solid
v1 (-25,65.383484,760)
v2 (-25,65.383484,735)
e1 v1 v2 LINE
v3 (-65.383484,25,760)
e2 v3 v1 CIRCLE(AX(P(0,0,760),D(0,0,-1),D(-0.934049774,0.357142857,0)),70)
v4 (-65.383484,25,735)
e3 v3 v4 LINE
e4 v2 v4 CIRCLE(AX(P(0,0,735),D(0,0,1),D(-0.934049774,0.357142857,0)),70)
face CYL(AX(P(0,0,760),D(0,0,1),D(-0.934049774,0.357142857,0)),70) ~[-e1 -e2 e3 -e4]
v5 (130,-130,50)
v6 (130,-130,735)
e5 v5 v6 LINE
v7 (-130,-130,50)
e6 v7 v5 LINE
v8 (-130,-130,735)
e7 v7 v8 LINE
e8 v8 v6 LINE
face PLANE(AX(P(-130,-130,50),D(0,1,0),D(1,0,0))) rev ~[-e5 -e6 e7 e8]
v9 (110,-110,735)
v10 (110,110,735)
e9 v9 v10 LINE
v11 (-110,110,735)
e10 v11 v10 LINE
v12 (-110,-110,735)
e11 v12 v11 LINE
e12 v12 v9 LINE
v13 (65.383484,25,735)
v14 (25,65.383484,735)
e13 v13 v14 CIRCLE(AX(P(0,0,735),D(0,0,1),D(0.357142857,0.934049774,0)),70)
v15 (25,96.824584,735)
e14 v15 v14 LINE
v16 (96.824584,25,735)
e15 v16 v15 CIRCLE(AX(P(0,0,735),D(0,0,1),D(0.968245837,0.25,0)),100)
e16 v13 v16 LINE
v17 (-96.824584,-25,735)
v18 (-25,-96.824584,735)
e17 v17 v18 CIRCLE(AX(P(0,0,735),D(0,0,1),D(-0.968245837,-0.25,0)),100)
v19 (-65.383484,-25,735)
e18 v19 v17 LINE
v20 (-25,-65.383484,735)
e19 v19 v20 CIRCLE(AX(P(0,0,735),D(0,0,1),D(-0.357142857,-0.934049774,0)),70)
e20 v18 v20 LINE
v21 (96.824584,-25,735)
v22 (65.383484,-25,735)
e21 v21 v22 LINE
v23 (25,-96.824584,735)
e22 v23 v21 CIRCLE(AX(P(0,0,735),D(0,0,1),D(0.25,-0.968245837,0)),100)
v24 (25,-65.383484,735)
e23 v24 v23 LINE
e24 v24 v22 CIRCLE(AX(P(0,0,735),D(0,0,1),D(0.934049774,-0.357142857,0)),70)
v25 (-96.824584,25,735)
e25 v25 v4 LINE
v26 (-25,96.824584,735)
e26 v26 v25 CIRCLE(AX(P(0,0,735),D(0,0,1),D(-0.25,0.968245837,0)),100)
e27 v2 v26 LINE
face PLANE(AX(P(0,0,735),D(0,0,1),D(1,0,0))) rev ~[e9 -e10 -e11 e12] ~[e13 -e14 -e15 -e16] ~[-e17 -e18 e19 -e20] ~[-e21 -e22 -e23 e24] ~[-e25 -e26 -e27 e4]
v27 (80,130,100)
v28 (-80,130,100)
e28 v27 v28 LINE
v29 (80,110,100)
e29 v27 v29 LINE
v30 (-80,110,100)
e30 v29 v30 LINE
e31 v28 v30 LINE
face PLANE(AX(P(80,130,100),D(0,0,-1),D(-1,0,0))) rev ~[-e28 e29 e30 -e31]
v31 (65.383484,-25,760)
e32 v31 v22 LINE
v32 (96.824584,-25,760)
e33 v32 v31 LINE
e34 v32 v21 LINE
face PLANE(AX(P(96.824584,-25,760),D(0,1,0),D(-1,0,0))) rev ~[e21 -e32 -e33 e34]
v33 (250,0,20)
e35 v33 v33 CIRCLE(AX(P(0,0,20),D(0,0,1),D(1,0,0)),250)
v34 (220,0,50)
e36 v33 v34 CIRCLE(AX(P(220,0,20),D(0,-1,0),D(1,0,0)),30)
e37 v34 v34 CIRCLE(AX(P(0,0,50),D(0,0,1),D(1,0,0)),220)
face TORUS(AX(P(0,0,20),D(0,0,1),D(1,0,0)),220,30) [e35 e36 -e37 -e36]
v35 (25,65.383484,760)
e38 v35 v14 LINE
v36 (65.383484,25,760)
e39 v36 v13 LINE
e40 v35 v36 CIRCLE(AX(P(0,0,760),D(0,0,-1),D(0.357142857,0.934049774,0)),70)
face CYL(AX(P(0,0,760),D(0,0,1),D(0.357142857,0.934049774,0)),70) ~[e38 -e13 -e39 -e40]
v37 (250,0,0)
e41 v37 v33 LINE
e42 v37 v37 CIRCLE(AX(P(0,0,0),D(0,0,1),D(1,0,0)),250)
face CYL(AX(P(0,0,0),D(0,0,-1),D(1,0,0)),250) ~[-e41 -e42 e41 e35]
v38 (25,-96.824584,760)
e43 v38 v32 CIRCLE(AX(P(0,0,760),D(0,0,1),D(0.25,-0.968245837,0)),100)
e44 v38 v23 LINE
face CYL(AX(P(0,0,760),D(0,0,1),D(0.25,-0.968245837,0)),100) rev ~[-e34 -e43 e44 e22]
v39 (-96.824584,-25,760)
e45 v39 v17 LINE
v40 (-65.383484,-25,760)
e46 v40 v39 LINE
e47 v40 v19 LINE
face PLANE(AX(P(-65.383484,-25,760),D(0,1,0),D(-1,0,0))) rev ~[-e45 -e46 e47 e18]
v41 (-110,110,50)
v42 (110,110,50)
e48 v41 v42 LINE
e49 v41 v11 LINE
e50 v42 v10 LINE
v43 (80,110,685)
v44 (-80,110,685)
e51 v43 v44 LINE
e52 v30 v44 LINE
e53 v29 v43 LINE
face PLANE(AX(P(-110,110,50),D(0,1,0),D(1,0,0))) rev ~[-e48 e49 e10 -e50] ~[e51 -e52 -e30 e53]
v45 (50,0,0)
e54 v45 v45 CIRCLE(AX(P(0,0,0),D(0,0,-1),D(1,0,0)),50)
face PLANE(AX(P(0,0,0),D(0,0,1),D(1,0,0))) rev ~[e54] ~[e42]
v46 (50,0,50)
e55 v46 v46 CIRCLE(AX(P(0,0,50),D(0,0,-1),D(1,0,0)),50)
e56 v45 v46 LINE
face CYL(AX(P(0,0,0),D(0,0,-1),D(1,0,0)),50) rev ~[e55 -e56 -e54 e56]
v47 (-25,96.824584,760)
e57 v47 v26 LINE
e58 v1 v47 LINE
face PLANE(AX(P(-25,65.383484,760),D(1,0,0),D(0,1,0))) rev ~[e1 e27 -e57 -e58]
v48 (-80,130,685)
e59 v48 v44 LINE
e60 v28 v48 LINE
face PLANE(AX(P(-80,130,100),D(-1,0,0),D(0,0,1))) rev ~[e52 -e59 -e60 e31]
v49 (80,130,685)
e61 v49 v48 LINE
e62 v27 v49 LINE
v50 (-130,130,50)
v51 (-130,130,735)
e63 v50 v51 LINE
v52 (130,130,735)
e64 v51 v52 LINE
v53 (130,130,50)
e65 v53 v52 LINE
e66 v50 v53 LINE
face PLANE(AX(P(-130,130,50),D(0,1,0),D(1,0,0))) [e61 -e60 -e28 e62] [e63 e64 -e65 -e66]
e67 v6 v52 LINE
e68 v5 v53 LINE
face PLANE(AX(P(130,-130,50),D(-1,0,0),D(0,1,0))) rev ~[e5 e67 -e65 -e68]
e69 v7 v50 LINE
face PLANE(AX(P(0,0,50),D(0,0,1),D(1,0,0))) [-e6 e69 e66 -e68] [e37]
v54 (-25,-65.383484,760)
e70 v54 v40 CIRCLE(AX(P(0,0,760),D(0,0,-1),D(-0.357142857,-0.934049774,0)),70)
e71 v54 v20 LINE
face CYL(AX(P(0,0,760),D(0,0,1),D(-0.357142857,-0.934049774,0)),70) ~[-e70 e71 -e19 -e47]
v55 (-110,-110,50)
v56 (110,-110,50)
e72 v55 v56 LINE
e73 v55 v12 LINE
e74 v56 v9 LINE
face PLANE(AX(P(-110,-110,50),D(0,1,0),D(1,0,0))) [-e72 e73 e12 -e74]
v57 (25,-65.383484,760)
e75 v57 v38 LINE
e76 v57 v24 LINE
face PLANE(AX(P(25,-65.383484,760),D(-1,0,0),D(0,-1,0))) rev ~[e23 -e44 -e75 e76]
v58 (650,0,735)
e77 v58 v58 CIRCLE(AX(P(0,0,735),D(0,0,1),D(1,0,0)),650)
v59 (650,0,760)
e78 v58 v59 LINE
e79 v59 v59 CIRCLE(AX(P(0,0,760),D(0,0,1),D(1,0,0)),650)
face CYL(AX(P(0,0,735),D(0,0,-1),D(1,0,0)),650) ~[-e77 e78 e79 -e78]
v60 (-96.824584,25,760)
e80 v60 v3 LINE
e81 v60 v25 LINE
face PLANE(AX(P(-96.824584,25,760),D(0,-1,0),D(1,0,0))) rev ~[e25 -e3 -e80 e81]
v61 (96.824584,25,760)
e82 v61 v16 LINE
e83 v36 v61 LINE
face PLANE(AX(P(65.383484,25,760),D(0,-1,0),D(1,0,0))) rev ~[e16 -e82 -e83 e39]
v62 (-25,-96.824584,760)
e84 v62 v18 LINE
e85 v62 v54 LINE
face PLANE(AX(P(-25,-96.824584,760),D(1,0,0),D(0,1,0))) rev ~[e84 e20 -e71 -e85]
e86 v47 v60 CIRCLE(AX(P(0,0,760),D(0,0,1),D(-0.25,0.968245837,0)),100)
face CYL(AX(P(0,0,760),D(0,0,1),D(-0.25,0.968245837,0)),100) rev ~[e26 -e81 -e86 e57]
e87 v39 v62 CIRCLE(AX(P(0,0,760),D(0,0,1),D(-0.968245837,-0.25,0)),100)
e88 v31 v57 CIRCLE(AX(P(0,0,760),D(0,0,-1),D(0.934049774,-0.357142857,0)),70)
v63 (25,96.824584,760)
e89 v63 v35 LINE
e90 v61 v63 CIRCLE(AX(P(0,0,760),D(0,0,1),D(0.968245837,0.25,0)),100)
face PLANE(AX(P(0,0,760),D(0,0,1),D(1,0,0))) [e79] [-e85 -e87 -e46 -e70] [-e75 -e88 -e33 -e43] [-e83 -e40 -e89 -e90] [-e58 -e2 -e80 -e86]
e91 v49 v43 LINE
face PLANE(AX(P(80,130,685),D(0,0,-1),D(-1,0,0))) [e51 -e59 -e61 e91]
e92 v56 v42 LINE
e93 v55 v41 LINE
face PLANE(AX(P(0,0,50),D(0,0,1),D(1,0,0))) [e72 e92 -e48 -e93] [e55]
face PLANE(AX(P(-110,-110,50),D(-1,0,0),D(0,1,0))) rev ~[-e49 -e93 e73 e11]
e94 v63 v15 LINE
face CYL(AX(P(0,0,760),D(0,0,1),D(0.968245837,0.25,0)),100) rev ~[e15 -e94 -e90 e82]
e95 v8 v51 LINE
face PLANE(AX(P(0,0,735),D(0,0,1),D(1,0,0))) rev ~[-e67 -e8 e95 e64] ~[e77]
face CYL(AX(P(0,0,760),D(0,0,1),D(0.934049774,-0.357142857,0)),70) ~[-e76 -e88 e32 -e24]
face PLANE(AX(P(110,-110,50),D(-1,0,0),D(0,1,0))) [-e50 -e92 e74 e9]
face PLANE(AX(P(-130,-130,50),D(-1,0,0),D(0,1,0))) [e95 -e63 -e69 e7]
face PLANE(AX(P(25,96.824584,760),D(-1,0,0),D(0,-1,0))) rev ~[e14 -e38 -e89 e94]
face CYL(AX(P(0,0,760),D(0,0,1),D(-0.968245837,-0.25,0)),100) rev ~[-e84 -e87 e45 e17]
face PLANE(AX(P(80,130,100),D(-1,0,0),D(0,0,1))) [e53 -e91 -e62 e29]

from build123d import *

# Parameters (mm, degrees)
F0_R      = 250
F1_DEPTH  = 50
F2_R      = 30
F3_W      = 260
F3_H      = 260
F3_W_2    = 220
F3_H_2    = 220
F4_DEPTH  = 685
F5_R      = 650
F5_W      = 260
F5_H      = 260
F5_W_2    = 220
F5_H_2    = 220
F6_DEPTH  = 25
F8_DEPTH  = 100
F9_W      = 160
F9_H      = 585
F10_DEPTH = 40
F11_R     = 50
F12_DEPTH = 50


with BuildPart() as f1:
    # F0 (on Top) → F1 (new body)
    with BuildSketch(Plane.XY):
        Circle(F0_R)
    extrude(amount=F1_DEPTH)

    # F2
    f2_edges = [f1.edges().sort_by_distance(p)[0] for p in [
        (-250, 0, 50),
    ]]
    fillet(f2_edges, radius=F2_R)

    # F3 (on face) → F4 (join)
    with BuildSketch(Plane.XY.offset(50)):
        Rectangle(F3_W, F3_H)
        Rectangle(F3_W_2, F3_H_2, mode=Mode.SUBTRACT)
    extrude(amount=F4_DEPTH)

    # F5 (on face) → F6 (join)
    with BuildSketch(Plane.XY.offset(735)):
        Circle(F5_R)
        Rectangle(F5_W, F5_H, mode=Mode.SUBTRACT)
        Rectangle(F5_W, F5_H)
        Rectangle(F5_W_2, F5_H_2, mode=Mode.SUBTRACT)
        Rectangle(F5_W_2, F5_H_2)
    extrude(amount=F6_DEPTH)

    # F7 (on face) → F8 (cut)
    with BuildSketch(Plane.XY.offset(760)):
        with BuildLine():
            Line((65.3834841531, 25), (96.8245836552, 25))
            ThreePointArc((96.8245836552, 25), (70.7106781187, 70.7106781187), (25, 96.8245836552))
            Line((25, 96.8245836552), (25, 65.3834841531))
            ThreePointArc((25, 65.3834841531), (49.4974746831, 49.4974746831), (65.3834841531, 25))
        make_face()
        with BuildLine():
            Line((-25, 65.3834841531), (-25, 96.8245836552))
            ThreePointArc((-25, 96.8245836552), (-70.7106781187, 70.7106781187), (-96.8245836552, 25))
            Line((-96.8245836552, 25), (-65.3834841531, 25))
            ThreePointArc((-65.3834841531, 25), (-49.4974746831, 49.4974746831), (-25, 65.3834841531))
        make_face()
        with BuildLine():
            ThreePointArc((-96.8245836552, -25), (-70.7106781187, -70.7106781187), (-25, -96.8245836552))
            Line((-25, -96.8245836552), (-25, -65.3834841531))
            ThreePointArc((-25, -65.3834841531), (-49.4974746831, -49.4974746831), (-65.3834841531, -25))
            Line((-65.3834841531, -25), (-96.8245836552, -25))
        make_face()
        with BuildLine():
            ThreePointArc((25, -96.8245836552), (70.7106781187, -70.7106781187), (96.8245836552, -25))
            Line((96.8245836552, -25), (65.3834841531, -25))
            ThreePointArc((65.3834841531, -25), (49.4974746831, -49.4974746831), (25, -65.3834841531))
            Line((25, -65.3834841531), (25, -96.8245836552))
        make_face()
    extrude(amount=-F8_DEPTH, mode=Mode.SUBTRACT)

    # F9 (on face) → F10 (cut)
    with BuildSketch(Plane(origin=(0, 130, 0), x_dir=(-1, 0, 0), z_dir=(0, 1, 0))):
        with Locations((0, 392.5)):
            Rectangle(F9_W, F9_H)
    extrude(amount=-F10_DEPTH, mode=Mode.SUBTRACT)

    # F11 (on face) → F12 (cut)
    with BuildSketch(Plane(origin=(0, 0, 0), x_dir=(1, 0, 0), z_dir=(0, 0, -1))):
        Circle(F11_R)
    extrude(amount=-F12_DEPTH, mode=Mode.SUBTRACT)


solid = f1.part
